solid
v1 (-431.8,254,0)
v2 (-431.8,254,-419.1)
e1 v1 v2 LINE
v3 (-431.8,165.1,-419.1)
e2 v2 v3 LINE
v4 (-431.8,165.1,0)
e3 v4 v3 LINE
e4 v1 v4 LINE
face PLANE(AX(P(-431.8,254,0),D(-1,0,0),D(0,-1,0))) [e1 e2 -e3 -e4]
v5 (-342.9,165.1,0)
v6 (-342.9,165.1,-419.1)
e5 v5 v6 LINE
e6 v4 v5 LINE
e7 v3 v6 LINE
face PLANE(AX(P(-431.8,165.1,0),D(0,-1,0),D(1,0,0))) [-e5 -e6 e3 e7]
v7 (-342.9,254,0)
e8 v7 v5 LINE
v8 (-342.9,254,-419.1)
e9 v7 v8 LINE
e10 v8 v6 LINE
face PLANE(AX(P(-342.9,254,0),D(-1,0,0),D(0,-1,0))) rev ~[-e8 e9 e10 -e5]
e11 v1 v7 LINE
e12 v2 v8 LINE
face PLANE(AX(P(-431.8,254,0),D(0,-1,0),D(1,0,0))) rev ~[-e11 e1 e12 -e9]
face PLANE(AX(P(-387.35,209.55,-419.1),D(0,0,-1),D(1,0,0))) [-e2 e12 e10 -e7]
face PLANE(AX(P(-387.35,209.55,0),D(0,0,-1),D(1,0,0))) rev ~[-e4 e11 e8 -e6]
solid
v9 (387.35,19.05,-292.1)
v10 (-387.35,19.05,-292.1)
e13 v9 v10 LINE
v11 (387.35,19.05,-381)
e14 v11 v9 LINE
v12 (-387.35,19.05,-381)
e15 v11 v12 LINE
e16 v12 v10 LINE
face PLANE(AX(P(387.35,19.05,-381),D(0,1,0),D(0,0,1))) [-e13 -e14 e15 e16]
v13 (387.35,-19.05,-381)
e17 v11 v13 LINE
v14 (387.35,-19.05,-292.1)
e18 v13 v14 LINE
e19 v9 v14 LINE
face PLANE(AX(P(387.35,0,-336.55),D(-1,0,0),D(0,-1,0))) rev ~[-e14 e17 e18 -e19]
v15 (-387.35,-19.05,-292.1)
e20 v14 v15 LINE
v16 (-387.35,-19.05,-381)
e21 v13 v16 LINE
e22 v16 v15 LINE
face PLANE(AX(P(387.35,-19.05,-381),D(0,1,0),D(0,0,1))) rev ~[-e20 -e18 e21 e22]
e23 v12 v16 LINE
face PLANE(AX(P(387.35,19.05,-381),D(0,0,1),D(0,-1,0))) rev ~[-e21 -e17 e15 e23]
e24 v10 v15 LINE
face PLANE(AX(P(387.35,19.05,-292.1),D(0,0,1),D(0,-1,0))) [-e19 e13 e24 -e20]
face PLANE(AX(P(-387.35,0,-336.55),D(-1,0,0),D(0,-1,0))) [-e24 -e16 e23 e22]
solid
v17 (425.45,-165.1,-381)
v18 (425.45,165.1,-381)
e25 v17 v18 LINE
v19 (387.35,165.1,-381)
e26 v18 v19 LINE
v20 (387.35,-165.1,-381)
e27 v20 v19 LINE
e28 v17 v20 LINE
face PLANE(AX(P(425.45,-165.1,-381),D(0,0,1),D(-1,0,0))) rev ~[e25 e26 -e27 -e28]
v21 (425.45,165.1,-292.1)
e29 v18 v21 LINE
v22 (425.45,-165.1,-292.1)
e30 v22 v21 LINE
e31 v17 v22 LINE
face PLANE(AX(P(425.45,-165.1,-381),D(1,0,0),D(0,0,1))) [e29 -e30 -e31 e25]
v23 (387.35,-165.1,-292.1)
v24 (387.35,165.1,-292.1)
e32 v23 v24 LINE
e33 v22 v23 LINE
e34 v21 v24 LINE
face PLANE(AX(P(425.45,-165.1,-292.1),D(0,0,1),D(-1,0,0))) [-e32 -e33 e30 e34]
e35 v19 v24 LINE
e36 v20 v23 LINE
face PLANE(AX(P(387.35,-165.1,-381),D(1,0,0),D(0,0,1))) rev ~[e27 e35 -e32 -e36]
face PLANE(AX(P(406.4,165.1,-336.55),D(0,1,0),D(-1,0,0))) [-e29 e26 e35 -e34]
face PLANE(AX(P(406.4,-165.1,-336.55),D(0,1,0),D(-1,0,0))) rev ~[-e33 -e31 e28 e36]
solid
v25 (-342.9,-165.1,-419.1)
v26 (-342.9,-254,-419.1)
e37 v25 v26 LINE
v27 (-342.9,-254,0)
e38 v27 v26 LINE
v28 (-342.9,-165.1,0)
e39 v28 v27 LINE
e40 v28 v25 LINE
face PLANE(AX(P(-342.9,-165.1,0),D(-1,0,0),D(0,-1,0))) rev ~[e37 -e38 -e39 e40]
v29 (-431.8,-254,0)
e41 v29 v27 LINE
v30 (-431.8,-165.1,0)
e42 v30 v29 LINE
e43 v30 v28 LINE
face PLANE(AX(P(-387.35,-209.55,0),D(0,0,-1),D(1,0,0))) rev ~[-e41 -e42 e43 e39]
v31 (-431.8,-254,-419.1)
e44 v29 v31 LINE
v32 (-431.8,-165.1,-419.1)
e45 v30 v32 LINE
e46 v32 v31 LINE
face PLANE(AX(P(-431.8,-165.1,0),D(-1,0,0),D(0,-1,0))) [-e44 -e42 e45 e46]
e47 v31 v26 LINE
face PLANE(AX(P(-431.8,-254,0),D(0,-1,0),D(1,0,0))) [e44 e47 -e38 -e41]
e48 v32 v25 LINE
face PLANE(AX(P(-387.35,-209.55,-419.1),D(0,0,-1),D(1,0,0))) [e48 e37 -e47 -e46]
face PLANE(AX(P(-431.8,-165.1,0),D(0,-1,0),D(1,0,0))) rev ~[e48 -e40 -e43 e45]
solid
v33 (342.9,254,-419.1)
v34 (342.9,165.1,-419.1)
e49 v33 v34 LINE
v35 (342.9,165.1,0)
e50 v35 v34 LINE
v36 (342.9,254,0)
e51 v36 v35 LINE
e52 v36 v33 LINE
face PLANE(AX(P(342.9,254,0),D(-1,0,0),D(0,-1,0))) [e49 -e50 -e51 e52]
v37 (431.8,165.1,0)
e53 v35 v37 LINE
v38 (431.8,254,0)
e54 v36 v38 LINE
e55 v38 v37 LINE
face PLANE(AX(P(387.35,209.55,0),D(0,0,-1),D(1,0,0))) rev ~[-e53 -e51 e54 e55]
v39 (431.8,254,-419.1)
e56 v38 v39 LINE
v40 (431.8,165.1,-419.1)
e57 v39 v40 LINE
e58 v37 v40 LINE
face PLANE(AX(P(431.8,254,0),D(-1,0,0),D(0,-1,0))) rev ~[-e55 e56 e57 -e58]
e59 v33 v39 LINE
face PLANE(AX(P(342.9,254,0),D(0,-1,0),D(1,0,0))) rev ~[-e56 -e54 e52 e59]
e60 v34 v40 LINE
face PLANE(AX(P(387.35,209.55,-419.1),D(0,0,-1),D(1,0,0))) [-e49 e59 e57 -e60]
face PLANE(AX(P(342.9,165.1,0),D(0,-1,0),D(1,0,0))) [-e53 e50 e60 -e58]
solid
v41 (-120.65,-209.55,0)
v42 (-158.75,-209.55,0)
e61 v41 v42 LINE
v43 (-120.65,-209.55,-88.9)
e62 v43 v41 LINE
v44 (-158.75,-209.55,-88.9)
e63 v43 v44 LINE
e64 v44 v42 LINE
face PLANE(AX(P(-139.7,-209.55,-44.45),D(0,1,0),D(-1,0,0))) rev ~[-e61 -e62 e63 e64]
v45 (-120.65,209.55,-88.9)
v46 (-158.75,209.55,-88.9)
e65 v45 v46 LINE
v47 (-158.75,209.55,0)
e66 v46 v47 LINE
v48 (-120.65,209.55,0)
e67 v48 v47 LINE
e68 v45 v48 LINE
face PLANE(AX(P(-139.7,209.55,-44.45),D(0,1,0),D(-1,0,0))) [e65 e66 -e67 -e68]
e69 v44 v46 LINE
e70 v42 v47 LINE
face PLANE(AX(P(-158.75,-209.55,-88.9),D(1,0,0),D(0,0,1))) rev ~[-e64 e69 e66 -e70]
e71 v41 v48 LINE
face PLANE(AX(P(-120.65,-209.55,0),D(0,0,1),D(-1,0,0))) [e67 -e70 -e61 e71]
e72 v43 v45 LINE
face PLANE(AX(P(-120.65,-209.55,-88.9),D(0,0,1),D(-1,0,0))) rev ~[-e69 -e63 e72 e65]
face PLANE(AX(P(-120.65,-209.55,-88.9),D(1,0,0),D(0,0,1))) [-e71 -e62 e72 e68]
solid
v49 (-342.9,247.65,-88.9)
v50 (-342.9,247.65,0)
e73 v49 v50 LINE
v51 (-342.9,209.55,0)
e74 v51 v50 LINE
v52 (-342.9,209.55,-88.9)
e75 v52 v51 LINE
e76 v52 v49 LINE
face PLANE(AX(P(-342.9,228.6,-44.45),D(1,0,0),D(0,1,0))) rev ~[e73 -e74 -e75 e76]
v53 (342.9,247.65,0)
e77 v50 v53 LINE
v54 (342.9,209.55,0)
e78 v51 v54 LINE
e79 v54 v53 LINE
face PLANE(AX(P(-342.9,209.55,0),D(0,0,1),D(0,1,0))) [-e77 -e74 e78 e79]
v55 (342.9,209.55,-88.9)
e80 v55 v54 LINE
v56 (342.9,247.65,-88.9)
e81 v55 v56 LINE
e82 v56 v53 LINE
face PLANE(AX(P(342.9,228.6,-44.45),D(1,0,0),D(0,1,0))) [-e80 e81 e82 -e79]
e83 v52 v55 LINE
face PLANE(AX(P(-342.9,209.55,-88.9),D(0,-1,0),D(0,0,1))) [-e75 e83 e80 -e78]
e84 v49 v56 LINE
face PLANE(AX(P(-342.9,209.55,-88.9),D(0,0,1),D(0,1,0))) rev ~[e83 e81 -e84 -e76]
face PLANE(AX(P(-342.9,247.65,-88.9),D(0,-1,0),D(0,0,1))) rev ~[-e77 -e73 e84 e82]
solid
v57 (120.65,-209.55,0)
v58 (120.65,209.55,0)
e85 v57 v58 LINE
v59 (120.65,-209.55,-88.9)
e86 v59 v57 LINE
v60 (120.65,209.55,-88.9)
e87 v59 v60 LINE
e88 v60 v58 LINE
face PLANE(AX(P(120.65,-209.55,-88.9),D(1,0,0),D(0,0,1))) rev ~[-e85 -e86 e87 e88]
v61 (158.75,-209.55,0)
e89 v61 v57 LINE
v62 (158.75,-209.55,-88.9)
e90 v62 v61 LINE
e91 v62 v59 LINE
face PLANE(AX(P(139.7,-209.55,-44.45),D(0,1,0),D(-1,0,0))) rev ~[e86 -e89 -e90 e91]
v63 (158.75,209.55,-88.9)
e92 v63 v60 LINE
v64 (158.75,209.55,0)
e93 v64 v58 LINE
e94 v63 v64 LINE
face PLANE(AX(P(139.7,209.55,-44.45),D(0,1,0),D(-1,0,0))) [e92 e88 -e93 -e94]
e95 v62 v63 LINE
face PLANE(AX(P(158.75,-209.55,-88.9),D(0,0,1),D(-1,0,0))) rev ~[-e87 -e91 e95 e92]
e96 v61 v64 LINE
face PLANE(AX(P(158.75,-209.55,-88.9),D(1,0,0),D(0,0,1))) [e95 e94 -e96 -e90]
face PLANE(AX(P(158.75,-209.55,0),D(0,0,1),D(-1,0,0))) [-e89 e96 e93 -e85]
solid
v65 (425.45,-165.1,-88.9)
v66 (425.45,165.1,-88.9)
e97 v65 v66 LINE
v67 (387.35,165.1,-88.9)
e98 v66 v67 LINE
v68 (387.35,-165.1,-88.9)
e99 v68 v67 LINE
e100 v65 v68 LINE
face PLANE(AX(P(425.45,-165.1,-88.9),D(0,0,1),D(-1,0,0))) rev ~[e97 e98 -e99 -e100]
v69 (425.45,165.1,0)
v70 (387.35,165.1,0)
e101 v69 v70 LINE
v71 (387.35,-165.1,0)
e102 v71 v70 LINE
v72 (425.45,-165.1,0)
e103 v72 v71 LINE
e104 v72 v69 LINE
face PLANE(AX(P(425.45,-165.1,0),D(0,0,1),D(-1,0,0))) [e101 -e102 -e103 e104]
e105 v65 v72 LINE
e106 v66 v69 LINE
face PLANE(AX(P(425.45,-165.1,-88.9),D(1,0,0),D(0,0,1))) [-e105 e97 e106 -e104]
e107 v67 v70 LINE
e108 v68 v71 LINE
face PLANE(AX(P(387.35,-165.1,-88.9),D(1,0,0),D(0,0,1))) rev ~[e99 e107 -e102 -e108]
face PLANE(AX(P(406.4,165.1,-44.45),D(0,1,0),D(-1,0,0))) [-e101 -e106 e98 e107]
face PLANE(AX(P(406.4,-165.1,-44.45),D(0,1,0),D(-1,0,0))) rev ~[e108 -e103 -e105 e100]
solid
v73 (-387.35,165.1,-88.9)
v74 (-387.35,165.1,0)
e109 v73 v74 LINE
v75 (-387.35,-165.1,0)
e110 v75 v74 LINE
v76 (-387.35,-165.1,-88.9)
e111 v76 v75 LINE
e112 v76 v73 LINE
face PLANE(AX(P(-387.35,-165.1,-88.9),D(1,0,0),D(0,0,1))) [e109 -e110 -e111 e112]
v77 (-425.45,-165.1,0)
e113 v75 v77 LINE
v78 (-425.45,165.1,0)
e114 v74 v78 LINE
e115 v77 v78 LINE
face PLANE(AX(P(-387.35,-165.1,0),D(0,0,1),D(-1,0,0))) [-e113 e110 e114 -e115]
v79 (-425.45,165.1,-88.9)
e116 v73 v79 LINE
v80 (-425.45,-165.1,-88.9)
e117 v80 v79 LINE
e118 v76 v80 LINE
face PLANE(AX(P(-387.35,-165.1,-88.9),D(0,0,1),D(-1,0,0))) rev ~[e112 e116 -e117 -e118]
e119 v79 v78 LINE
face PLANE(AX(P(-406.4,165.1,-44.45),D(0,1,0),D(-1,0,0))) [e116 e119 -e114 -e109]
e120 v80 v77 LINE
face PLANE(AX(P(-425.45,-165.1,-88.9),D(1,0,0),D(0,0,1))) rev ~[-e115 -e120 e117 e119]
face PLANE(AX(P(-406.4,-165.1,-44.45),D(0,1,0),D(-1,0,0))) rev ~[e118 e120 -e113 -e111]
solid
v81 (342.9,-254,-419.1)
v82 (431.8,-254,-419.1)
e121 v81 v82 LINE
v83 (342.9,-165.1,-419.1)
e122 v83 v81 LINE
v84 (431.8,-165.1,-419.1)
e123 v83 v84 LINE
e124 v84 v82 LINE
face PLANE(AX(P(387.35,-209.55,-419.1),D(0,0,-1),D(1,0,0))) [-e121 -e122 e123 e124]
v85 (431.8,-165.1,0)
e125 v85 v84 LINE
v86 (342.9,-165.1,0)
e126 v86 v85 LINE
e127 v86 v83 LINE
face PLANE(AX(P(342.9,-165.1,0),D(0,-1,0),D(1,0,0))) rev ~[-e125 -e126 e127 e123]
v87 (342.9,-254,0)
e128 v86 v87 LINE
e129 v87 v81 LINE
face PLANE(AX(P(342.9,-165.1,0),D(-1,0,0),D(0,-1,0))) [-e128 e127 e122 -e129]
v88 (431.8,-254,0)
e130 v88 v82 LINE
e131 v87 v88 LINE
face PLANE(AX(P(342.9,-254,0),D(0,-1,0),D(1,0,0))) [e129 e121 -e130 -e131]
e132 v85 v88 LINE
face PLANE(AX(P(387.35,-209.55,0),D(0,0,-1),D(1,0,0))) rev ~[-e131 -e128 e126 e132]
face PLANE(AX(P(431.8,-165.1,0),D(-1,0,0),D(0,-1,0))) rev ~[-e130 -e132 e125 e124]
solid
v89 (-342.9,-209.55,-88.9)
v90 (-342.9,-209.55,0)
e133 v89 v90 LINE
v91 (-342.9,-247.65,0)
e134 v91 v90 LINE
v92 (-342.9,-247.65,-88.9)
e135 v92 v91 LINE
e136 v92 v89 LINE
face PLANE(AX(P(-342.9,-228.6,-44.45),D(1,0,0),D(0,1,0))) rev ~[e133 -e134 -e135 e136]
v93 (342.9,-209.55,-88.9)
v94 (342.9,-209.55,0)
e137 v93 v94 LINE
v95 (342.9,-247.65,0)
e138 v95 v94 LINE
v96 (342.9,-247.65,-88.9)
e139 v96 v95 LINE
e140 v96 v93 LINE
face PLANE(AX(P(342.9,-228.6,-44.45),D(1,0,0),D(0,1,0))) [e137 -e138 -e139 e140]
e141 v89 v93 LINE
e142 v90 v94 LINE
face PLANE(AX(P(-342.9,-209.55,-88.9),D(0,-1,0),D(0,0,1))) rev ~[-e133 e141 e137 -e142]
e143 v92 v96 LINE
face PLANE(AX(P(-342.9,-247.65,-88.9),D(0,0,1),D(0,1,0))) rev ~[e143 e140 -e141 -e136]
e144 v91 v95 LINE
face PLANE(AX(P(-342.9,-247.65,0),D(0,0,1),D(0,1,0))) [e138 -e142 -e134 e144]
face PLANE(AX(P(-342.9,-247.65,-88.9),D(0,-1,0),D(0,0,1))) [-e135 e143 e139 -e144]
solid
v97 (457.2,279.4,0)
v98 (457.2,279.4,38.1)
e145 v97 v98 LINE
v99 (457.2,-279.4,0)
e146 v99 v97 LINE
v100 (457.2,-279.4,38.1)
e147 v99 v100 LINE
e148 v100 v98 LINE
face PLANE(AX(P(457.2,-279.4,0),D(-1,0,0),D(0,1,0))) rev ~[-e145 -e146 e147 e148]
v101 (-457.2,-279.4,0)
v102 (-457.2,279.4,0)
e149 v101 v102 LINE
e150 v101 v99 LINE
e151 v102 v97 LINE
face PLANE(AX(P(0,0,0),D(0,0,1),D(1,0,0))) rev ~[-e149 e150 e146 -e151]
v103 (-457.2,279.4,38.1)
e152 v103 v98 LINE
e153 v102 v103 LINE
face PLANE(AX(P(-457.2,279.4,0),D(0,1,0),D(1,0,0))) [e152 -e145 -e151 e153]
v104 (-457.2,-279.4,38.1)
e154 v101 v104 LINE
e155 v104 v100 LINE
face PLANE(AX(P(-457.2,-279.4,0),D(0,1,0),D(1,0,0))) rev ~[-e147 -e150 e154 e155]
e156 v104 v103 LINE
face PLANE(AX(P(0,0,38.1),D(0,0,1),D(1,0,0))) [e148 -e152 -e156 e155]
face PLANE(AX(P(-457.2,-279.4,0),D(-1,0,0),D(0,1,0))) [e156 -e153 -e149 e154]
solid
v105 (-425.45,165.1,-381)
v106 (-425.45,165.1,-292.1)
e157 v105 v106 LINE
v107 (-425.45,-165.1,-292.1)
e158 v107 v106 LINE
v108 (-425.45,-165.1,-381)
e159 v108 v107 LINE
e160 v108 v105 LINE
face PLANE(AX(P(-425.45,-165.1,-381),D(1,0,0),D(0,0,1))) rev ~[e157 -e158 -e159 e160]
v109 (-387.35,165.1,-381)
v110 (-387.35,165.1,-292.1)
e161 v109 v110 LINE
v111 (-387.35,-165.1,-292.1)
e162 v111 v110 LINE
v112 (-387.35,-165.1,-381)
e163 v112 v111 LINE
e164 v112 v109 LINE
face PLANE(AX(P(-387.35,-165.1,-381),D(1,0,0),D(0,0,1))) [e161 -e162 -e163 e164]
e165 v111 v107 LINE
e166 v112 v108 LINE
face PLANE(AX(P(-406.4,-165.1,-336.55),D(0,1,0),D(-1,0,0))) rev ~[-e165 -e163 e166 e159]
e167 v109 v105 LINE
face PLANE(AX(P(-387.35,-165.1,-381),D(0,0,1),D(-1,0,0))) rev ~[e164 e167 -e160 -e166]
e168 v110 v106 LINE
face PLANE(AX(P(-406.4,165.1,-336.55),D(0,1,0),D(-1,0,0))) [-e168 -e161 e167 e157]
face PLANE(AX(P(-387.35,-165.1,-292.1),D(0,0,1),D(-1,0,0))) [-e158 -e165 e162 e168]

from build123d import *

# Parameters (mm, degrees)
F0_W      = 914.4
F0_H      = 558.8
F1_DEPTH  = 38.1
F2_W      = 88.9
F2_H      = 88.9
F3_DEPTH  = 419.1
F4_W      = 38.1
F4_H      = 88.9
F5_DEPTH  = 330.2
F7_W      = 38.1
F7_H      = 88.9
F8_DEPTH  = 774.7
F9_W      = 38.1
F9_H      = 88.9
F11_DEPTH = 330.2
F10_W     = 38.1
F10_H     = 88.9
F12_DEPTH = 685.8
F13_W     = 38.1
F13_H     = 88.9
F14_DEPTH = 419.1


with BuildPart() as f1:
    # F0 (on Top) → F1 (new body)
    with BuildSketch(Plane.XY):
        Rectangle(F0_W, F0_H)
    extrude(amount=F1_DEPTH)


with BuildPart() as f3:
    # F2 (on face) → F3 (new body)
    with BuildSketch(Plane(origin=(0, 0, 0), x_dir=(1, 0, 0), z_dir=(0, 0, -1))):
        with Locations((-387.35, 209.55)):
            Rectangle(F2_W, F2_H)
        with Locations((387.35, 209.55)):
            Rectangle(F2_W, F2_H)
        with Locations((387.35, -209.55)):
            Rectangle(F2_W, F2_H)
        with Locations((-387.35, -209.55)):
            Rectangle(F2_W, F2_H)
    extrude(amount=F3_DEPTH)


with BuildPart() as f5:
    # F4 (on face) → F5 (new body, through all)
    with BuildSketch(Plane(origin=(0, -165.1, 0), x_dir=(-1, 0, 0), z_dir=(0, 1, 0))):
        with Locations((-406.4, -336.55)):
            Rectangle(F4_W, F4_H)
        with Locations((406.4, -336.55)):
            Rectangle(F4_W, F4_H)
    extrude(amount=F5_DEPTH)


with BuildPart() as f8:
    # F7 (on face) → F8 (new body, through all)
    with BuildSketch(Plane(origin=(387.35, 0, 0), x_dir=(0, -1, 0), z_dir=(-1, 0, 0))):
        with Locations((0, -336.55)):
            Rectangle(F7_W, F7_H)
    extrude(amount=F8_DEPTH)


with BuildPart() as f11:
    # F9 (on face) → F11 (new body, through all)
    with BuildSketch(Plane(origin=(0, -165.1, 0), x_dir=(-1, 0, 0), z_dir=(0, 1, 0))):
        with Locations((406.4, -44.45)):
            Rectangle(F9_W, F9_H)
        with Locations((-406.4, -44.45)):
            Rectangle(F9_W, F9_H)
    extrude(amount=F11_DEPTH)


with BuildPart() as f12:
    # F10 (on face) → F12 (new body, through all)
    with BuildSketch(Plane.YZ.offset(-342.9)):
        with Locations((-228.6, -44.45)):
            Rectangle(F10_W, F10_H)
        with Locations((228.6, -44.45)):
            Rectangle(F10_W, F10_H)
    extrude(amount=F12_DEPTH)


with BuildPart() as f14:
    # F13 (on face) → F14 (new body, through all)
    with BuildSketch(Plane(origin=(0, -209.55, 0), x_dir=(-1, 0, 0), z_dir=(0, 1, 0))):
        with Locations((139.7, -44.45)):
            Rectangle(F13_W, F13_H)
        with Locations((-139.7, -44.45)):
            Rectangle(F13_W, F13_H)
    extrude(amount=F14_DEPTH)


solid = Compound([f1.part, f3.part, f5.part, f8.part, f11.part, f12.part, f14.part])
